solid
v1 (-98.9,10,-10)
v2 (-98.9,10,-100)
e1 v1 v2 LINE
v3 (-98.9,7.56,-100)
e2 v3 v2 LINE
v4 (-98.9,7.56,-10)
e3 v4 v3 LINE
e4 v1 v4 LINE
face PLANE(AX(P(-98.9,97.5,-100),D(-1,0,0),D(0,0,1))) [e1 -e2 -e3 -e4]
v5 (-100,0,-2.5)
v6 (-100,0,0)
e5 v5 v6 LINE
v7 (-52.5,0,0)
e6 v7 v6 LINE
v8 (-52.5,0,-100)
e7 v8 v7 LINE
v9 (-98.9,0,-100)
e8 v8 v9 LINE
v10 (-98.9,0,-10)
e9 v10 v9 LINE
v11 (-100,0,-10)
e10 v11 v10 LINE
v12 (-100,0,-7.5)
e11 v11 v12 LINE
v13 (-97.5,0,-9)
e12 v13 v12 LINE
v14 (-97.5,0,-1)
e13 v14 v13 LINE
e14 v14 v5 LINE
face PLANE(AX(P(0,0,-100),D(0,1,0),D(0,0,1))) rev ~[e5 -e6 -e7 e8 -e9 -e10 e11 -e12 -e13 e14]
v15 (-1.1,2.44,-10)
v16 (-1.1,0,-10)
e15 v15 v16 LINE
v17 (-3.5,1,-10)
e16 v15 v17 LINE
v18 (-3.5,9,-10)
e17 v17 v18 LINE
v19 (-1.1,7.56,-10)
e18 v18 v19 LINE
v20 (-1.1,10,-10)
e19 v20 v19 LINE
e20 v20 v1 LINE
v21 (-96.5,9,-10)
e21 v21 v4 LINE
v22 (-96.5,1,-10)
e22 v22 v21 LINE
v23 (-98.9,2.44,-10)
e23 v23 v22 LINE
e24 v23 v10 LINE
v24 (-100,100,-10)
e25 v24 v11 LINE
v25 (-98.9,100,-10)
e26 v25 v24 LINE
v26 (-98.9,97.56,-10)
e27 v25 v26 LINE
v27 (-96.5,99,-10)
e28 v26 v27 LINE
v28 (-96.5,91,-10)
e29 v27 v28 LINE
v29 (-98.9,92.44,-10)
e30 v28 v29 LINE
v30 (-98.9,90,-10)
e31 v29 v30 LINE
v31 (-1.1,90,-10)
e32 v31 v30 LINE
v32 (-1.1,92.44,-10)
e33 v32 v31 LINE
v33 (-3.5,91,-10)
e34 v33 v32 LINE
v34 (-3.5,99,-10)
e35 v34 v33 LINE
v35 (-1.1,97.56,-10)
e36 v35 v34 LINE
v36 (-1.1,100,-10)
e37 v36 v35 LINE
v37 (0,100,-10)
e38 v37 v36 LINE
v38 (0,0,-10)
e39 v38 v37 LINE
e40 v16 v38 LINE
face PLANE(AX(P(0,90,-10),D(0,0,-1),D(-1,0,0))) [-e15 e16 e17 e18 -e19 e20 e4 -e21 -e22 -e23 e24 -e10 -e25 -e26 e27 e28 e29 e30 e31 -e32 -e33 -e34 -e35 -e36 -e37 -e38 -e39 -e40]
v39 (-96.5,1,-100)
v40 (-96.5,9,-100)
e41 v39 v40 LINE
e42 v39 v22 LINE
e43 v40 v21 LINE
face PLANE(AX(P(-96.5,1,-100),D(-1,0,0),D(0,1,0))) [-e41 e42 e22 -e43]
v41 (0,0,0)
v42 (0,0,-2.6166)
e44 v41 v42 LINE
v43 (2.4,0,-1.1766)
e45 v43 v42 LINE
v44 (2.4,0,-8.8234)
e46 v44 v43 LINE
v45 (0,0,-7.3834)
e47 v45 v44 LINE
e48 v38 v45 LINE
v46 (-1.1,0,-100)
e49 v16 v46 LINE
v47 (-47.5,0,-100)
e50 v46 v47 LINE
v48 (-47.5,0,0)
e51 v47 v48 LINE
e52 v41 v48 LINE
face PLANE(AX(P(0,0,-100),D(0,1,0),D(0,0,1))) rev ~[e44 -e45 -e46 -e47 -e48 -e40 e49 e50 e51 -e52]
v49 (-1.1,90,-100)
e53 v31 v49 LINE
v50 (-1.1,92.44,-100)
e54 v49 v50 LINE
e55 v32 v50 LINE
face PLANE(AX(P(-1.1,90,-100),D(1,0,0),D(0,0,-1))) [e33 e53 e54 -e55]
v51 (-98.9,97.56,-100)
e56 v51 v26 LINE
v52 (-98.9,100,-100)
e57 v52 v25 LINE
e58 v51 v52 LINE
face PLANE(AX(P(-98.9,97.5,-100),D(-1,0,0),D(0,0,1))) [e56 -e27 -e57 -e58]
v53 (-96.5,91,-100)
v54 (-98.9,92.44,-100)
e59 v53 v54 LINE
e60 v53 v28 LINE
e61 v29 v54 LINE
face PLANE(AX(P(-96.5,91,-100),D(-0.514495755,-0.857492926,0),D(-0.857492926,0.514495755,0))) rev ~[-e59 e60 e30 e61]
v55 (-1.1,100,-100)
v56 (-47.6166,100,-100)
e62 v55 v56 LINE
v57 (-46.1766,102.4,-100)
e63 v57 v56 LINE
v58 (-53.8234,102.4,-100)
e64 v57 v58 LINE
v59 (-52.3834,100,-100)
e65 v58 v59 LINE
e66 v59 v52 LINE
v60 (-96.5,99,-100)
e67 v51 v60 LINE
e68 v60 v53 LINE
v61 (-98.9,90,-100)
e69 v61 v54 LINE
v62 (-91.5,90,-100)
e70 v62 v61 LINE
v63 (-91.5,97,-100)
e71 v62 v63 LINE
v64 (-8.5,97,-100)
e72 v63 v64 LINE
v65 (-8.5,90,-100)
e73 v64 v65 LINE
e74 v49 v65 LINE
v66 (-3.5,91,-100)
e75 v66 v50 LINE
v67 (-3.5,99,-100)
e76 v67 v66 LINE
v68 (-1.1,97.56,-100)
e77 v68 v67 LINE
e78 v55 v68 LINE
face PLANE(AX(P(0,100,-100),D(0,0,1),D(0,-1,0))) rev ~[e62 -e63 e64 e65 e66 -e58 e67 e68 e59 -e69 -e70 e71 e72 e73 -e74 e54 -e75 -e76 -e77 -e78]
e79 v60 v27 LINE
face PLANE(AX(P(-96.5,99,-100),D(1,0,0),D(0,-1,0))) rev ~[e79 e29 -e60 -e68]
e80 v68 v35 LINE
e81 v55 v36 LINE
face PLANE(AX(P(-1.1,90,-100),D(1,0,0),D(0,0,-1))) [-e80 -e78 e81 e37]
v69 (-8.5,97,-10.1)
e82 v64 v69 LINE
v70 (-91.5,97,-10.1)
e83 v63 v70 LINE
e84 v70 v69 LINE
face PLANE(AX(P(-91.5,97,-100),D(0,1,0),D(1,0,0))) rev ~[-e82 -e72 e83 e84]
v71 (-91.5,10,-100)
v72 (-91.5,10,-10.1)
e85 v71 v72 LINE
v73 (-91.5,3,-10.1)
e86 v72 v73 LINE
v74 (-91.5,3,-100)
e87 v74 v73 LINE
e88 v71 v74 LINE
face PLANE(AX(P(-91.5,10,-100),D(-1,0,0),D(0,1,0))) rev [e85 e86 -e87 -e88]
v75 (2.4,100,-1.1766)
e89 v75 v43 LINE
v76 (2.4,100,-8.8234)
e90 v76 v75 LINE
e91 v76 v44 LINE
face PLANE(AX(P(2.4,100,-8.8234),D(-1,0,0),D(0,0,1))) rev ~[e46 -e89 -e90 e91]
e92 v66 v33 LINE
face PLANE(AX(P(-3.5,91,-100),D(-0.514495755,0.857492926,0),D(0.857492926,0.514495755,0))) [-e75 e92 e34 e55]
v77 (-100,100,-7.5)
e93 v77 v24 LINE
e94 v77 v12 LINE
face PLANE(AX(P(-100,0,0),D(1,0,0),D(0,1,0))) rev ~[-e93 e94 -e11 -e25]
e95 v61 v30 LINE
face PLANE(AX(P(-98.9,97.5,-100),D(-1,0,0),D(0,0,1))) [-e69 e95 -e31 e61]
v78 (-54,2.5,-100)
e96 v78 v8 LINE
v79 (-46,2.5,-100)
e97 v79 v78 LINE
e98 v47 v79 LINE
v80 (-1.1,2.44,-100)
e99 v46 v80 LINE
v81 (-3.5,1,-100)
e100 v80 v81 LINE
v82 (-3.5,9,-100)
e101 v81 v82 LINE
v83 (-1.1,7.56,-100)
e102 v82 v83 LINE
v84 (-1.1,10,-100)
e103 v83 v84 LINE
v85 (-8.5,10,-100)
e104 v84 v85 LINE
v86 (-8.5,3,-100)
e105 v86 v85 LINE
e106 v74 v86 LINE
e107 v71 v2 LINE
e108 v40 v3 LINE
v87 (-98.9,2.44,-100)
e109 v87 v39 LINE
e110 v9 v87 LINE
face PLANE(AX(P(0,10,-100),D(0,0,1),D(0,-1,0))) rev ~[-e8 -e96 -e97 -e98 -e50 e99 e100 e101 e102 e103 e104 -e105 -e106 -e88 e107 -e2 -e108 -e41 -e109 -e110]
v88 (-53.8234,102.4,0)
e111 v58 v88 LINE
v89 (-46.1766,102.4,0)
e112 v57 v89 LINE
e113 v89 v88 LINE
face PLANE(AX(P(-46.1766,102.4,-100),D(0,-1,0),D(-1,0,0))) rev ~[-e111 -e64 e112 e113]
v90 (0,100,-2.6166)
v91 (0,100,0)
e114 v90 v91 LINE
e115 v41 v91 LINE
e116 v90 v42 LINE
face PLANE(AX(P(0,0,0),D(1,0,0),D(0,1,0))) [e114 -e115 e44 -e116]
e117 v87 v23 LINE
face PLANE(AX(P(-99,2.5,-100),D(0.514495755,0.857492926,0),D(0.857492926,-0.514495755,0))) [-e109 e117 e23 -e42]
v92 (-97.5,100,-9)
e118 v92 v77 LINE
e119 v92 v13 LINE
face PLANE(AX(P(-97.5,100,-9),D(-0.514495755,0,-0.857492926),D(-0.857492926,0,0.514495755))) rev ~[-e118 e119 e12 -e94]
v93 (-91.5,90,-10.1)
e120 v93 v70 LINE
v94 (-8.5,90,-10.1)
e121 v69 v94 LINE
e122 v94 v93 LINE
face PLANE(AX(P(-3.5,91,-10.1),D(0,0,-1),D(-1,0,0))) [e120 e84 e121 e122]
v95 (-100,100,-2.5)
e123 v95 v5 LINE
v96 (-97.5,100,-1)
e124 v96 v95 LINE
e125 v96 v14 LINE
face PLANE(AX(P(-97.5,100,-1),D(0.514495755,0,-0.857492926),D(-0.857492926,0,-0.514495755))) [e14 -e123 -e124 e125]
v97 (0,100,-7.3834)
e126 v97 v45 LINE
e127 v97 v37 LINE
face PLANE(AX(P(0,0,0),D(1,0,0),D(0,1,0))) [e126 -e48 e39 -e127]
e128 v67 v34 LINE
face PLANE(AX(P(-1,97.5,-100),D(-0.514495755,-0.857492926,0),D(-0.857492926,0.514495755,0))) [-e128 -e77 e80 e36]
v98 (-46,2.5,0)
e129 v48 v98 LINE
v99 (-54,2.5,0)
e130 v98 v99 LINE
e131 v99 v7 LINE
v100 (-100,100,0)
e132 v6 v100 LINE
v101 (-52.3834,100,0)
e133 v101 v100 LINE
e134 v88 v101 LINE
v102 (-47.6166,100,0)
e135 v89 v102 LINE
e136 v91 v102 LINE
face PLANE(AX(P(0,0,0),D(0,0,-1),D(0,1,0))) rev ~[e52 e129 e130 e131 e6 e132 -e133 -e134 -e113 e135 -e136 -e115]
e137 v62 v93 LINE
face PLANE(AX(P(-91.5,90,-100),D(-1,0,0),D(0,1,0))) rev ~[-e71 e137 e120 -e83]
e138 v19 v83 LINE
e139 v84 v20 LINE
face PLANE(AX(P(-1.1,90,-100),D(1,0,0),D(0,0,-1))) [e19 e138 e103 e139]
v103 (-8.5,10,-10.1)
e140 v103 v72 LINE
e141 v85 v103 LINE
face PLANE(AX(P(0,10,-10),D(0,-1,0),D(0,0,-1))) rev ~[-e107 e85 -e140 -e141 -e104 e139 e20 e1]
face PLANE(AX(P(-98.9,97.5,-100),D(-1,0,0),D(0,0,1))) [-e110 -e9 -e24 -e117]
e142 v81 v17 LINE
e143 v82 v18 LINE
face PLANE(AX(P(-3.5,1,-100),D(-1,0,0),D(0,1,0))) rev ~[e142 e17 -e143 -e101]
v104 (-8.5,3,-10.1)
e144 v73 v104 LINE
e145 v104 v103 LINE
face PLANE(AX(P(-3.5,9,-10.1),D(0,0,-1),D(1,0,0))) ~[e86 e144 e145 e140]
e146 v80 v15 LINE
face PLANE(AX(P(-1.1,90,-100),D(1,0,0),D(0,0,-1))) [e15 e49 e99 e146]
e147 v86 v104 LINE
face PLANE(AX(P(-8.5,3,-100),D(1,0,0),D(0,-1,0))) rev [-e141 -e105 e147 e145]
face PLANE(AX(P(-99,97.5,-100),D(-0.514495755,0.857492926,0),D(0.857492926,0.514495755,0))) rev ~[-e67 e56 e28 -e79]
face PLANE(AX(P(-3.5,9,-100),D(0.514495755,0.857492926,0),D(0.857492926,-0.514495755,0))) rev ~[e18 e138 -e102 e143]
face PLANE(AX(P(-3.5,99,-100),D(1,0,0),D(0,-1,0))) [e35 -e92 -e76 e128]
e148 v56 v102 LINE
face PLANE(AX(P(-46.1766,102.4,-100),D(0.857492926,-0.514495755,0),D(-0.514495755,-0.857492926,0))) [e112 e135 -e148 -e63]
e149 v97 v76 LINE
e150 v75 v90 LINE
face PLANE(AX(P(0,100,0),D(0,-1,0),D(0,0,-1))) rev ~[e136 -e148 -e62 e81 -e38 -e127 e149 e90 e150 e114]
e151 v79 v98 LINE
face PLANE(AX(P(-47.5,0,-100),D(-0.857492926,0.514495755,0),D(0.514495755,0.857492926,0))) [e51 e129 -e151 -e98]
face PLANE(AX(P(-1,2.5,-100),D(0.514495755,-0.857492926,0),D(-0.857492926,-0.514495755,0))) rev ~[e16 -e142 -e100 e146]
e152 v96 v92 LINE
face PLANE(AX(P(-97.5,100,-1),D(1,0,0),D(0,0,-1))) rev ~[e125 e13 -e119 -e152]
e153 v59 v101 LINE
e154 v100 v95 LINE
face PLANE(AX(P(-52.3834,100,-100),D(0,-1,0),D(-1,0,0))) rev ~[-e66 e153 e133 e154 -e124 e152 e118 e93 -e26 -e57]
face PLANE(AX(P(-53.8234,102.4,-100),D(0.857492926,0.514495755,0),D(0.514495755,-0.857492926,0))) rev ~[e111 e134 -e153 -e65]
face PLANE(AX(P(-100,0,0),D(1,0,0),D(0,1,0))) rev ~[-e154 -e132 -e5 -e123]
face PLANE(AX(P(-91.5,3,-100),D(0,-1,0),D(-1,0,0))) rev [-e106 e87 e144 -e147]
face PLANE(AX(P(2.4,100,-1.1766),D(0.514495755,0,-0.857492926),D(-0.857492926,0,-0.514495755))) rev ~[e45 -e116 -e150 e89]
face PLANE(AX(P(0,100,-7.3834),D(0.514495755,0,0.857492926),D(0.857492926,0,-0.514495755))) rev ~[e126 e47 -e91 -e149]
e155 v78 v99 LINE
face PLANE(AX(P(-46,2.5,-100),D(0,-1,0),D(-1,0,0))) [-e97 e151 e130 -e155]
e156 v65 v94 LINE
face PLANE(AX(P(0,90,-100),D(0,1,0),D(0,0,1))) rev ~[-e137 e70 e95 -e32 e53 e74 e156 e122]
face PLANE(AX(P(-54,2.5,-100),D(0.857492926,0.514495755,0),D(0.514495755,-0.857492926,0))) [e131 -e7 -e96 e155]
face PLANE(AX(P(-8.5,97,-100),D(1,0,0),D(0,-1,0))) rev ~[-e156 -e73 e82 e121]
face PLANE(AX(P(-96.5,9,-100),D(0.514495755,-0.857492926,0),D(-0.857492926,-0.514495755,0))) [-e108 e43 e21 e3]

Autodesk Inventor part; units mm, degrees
ref_plane "YZ Plane" through (0, 0, 0) normal (1, 0, 0) x (0, 1, 0)
ref_plane "XZ Plane" through (0, 0, 0) normal (0, 1, 0) x (-1, 0, 0)
sketch "Sketch1" plane through (0, 0, 0) normal (1, 0, 0) x (0, 1, 0)
  line L0 (0, 0) -> (100, 0)
  line L1 (100, 0) -> (100, -100)
  line L2 (100, -100) -> (90, -100)
  line L3 (90, -100) -> (90, -10)
  line L4 (90, -10) -> (10, -10)
  line L5 (10, -10) -> (10, -100)
  line L6 (10, -100) -> (0, -100)
  line L7 (0, -100) -> (0, 0)
  dimension "d0" = 100
  dimension "d1" = 100
  dimension "d2" = 10
  dimension "d3" = 10
  dimension "d4" = 10
extrude "Extrusion1" add sketch "Sketch1" against normal blind 100
sketch "Sketch2" plane through (0, 90, -100) normal (0, 0, -1) x (-1, 0, 0)
  line L0 (50, -90) -> (50, 10) construction
  line L1 (0, -40) -> (100, -40) construction
  line L2 (100, 0) -> (100, -80) projected
  line L3 (0, -90) -> (100, -90) projected
  line L4 (0, 10) -> (100, 10) projected
  line L5 (1, 10) -> (1, 7.5)
  line L6 (1, 7.5) -> (3.5, 9)
  line L7 (3.5, 9) -> (3.5, 1)
  line L8 (3.5, 1) -> (1, 2.5)
  line L9 (1, 2.5) -> (1, -40)
  line L10 (0, 0) -> (0, 10) projected
  line L11 (99, 10) -> (99, 7.5)
  line L12 (99, 7.5) -> (96.5, 9)
  line L13 (96.5, 9) -> (96.5, 1)
  line L14 (96.5, 1) -> (99, 2.5)
  line L15 (99, 2.5) -> (99, -40)
  line L16 (100, 0) -> (100, 10)
  line L17 (0, -90) -> (100, -90)
  line L18 (1, -90) -> (1, -87.5)
  line L19 (1, -87.5) -> (3.5, -89)
  line L20 (3.5, -89) -> (3.5, -81)
  line L21 (3.5, -81) -> (1, -82.5)
  line L22 (1, -82.5) -> (1, -40)
  line L23 (0, -80) -> (0, -90)
  line L24 (99, -82.5) -> (99, -40)
  line L25 (96.5, -81) -> (99, -82.5)
  line L26 (96.5, -89) -> (96.5, -81)
  line L27 (99, -87.5) -> (96.5, -89)
  line L28 (100, -80) -> (100, -90)
  line L29 (99, -90) -> (99, -87.5)
  line L30 (0, 10) -> (100, 10)
  line L31 (100, 10) -> (100, -90)
  line L32 (100, -90) -> (0, -90)
  line L33 (0, -90) -> (0, 10)
  point P0 (50, -40)
  dimension "d12" = 2.5
  dimension "d14" = 8
  dimension "d15" = 2.5
  dimension "d16" = 1
  dimension "d18" = 1
  dimension "d19" = 59.036
extrude "Extrusion2" cut sketch "Sketch2" against normal blind 90 contours L2 L28 L3 L29 L27 L26 L25 L24 L15 L14 L13 L12 L11 L4 L16 | L5 L6 L7 L8 L9 L22 L21 L20 L19 L18 L3 L23 L33 L10 L4
sketch "Sketch3" plane through (0, 100, 0) normal (0, 1, 0) x (1, 0, 0)
  line L0 (0, 0) -> (0, 10) projected
  line L1 (0, 0) -> (0, 2.5)
  line L2 (0, 2.5) -> (2.5, 1)
  line L3 (2.5, 1) -> (2.5, 9)
  line L4 (2.5, 9) -> (0, 7.5)
  line L5 (0, 10) -> (0, 0) projected
  line L6 (-1, 10) -> (0, 10) projected
  line L7 (0, 10) -> (0, 7.5)
  line L8 (0, 0) -> (-100, 0) projected
  line L9 (-97.5, 1) -> (-97.5, 9)
  line L10 (-97.5, 9) -> (-100, 7.5)
  line L11 (-100, 0) -> (-100, 10) projected
  line L12 (-100, 7.5) -> (-100, 2.5)
  line L13 (-97.5, 1) -> (-100, 2.5)
  dimension "d22" = 2.5
  dimension "d23" = 2.5
  dimension "d24" = 8
  dimension "d25" = 2.5
  dimension "d26" = 1
  dimension "d27" = 2.5
  dimension "d28" = 2.5
  dimension "d29" = 8
  dimension "d30" = 2.5
  dimension "d31" = 1
extrude "Extrusion3" add sketch "Sketch3" against normal up to surface (100 mm away) contours L0 L4 L3 L2
extrude "Extrusion4" cut sketch "Sketch3" against normal up to surface (100 mm away) contours L11 L10 L9 L13
sketch "Sketch4" plane through (-1, 90, -100) normal (0, 0, -1) x (-1, 0, 0)
  line L0 (0, -90) -> (98, -90) projected
  line L1 (46.5, -90) -> (45, -87.5)
  line L2 (45, -87.5) -> (53, -87.5)
  line L3 (53, -87.5) -> (51.5, -90)
  line L4 (0, 10) -> (98, 10) projected
  line L5 (49, 10) -> (49, -90) construction
  line L6 (46.5, -90) -> (51.5, -90)
  line L7 (45, 12.5) -> (53, 12.5)
  line L8 (53, 12.5) -> (51.5, 10)
  line L9 (42.8887, 10) -> (51.5, 10)
  line L10 (45, 12.5) -> (46.5, 10)
  line L11 (51.5, 10) -> (46.5, 10)
  point P0 (-1, -90)
  point P1 (49, -87.5)
  point P2 (49, -40)
  point P3 (49, -90)
  point P4 (49, 12.5)
  dimension "d36" = 8
  dimension "d37" = 2.5
  dimension "d38" = 5
  dimension "d39" = 2.5
  dimension "d40" = 8
  dimension "d42" = 5
extrude "Extrusion5" add sketch "Sketch4" against normal up to surface (100 mm away) contours L10 L7 L8 L4
extrude "Extrusion6" cut sketch "Sketch4" against normal up to surface (100 mm away) contours L1 L2 L3 L0
sketch "Sketch7" plane through (-1, 90, -100) normal (1, 0, 0) x (0, 0, -1)
  line L0 (0, 10) -> (0, 7.5) projected
  line L1 (-90, -87.5) -> (-90, -90) projected
  line L2 (0, 10) -> (-90, 10)
  line L3 (-90, 10) -> (-90, -90)
  line L4 (-90, -90) -> (0, -90)
  line L5 (0, -90) -> (0, 10)
  point P0 (-100, -90)
extrude "Extrusion9" cut sketch "Sketch7" against normal blind 0.1
sketch "Sketch8" plane through (-96.5, 91, -100) normal (0, 0, -1) x (-1, 0, 0)
  line L0 (-96.5, 9) -> (-49, 9) projected
  line L1 (-42.5, 11.5) -> (-50.5, 11.5) projected
  line L2 (-49, 9) -> (-50.5, 11.5)
  line L3 (-50.5, 11.5) -> (-42.5, 11.5)
  line L4 (-44, 9) -> (-42.5, 11.5) projected
  line L5 (-42.5, 11.5) -> (-44, 9)
  line L6 (-49, 9) -> (-44, 9)
  line L7 (-42.6766, 11.4) -> (-44.1166, 9)
  line L8 (-50.3234, 11.4) -> (-48.8834, 9)
  line L9 (-50.3234, 11.4) -> (-42.6766, 11.4)
  point P0 (-96.5, -91)
  dimension "d59" = 0.1
  dimension "d60" = 0.1
  dimension "d61" = 0.1
extrude "Extrusion10" cut sketch "Sketch8" against normal up to surface (100 mm away) contours L4 L6 L7 L9 L8 L2 L1
sketch "Sketch9" plane through (-99, 97.5, -100) normal (-1, 0, 0) x (0, 0, 1)
  line L0 (0, 2.5) -> (90, 2.5) projected
  line L1 (90, 2.5) -> (90, -97.5) projected
  line L2 (0, 2.5) -> (90, 2.5)
  line L3 (90, 2.5) -> (90, -97.5)
  line L4 (90, -97.5) -> (0, -97.5)
  line L5 (0, -97.5) -> (0, 2.5)
  point P0 (100, -97.5)
extrude "Extrusion11" cut sketch "Sketch9" against normal blind 0.1
sketch "Sketch10" plane through (2.5, 100, -1) normal (0, 1, 0) x (1, 0, 0)
  line L0 (0, 8) -> (-2.5, 6.5) projected
  line L1 (-2.5, 6.5) -> (0, 8)
  line L2 (-2.5, 1.5) -> (0, 0) projected
  line L3 (0, 8) -> (0, 0)
  line L4 (0, 0) -> (-2.5, 1.5)
  line L5 (-2.5, 6.3834) -> (-0.1, 7.8234)
  line L6 (-0.1, 7.8234) -> (-0.1, 0.1766)
  line L7 (-0.1, 0.1766) -> (-2.5, 1.6166)
  line L8 (0, 8) -> (-2.5, 6.5) projected
  line L9 (-2.5, 6.5) -> (-2.5, 9) projected
  line L10 (-2.5, 6.5) -> (-2.5, 1.5)
  point P0 (-2.5, -1)
  dimension "d66" = 0.1
  dimension "d67" = 0.1
  dimension "tol" = 0.1
extrude "Extrusion12" cut sketch "Sketch10" against normal through all contours L3 L2 L10 L7 L6 L5 L0
sketch "Sketch11" plane through (-3.5, 91, -100) normal (0, 0, -1) x (-1, 0, 0)
  line L0 (-2.4, -1) -> (95.4, -1) projected
  line L1 (5, -1) -> (88, -1)
  line L2 (88, -1) -> (88, 6)
  line L3 (88, 6) -> (5, 6)
  line L4 (5, 6) -> (5, -1)
  line L5 (0, 8) -> (0, 0) projected
  line L6 (93, 0) -> (93, 8) projected
  line L7 (48.8834, 9) -> (95.4, 9) projected
  point P0 (-3.5, -91)
  point P1 (88, -1)
  dimension "d71" = 5
  dimension "d72" = 5
  dimension "d73" = 3
ref_plane "Work Plane1" through (-3.4, 0, -10.1) normal (0, 0, 1) x (1, 0, 0)
extrude "Extrusion13" cut sketch "Sketch11" against normal up to surface (89.9 mm away)
ref_plane "Work Plane2" through (-1.1, 50, -10) normal (0, 1, 0) x (1, 0, 0)
mirror "Mirror1" about plane through (-1.1, 50, -10) normal (0, 1, 0) of "Extrusion13"
equation "\"d54\" = tol"
equation "\"d59\" = tol"
equation "\"d60\" = tol"
equation "\"d61\" = tol"
equation "\"d64\" = tol"
equation "\"d66\" = tol"
equation "\"d67\" = tol"
properties part number "mainframe"
